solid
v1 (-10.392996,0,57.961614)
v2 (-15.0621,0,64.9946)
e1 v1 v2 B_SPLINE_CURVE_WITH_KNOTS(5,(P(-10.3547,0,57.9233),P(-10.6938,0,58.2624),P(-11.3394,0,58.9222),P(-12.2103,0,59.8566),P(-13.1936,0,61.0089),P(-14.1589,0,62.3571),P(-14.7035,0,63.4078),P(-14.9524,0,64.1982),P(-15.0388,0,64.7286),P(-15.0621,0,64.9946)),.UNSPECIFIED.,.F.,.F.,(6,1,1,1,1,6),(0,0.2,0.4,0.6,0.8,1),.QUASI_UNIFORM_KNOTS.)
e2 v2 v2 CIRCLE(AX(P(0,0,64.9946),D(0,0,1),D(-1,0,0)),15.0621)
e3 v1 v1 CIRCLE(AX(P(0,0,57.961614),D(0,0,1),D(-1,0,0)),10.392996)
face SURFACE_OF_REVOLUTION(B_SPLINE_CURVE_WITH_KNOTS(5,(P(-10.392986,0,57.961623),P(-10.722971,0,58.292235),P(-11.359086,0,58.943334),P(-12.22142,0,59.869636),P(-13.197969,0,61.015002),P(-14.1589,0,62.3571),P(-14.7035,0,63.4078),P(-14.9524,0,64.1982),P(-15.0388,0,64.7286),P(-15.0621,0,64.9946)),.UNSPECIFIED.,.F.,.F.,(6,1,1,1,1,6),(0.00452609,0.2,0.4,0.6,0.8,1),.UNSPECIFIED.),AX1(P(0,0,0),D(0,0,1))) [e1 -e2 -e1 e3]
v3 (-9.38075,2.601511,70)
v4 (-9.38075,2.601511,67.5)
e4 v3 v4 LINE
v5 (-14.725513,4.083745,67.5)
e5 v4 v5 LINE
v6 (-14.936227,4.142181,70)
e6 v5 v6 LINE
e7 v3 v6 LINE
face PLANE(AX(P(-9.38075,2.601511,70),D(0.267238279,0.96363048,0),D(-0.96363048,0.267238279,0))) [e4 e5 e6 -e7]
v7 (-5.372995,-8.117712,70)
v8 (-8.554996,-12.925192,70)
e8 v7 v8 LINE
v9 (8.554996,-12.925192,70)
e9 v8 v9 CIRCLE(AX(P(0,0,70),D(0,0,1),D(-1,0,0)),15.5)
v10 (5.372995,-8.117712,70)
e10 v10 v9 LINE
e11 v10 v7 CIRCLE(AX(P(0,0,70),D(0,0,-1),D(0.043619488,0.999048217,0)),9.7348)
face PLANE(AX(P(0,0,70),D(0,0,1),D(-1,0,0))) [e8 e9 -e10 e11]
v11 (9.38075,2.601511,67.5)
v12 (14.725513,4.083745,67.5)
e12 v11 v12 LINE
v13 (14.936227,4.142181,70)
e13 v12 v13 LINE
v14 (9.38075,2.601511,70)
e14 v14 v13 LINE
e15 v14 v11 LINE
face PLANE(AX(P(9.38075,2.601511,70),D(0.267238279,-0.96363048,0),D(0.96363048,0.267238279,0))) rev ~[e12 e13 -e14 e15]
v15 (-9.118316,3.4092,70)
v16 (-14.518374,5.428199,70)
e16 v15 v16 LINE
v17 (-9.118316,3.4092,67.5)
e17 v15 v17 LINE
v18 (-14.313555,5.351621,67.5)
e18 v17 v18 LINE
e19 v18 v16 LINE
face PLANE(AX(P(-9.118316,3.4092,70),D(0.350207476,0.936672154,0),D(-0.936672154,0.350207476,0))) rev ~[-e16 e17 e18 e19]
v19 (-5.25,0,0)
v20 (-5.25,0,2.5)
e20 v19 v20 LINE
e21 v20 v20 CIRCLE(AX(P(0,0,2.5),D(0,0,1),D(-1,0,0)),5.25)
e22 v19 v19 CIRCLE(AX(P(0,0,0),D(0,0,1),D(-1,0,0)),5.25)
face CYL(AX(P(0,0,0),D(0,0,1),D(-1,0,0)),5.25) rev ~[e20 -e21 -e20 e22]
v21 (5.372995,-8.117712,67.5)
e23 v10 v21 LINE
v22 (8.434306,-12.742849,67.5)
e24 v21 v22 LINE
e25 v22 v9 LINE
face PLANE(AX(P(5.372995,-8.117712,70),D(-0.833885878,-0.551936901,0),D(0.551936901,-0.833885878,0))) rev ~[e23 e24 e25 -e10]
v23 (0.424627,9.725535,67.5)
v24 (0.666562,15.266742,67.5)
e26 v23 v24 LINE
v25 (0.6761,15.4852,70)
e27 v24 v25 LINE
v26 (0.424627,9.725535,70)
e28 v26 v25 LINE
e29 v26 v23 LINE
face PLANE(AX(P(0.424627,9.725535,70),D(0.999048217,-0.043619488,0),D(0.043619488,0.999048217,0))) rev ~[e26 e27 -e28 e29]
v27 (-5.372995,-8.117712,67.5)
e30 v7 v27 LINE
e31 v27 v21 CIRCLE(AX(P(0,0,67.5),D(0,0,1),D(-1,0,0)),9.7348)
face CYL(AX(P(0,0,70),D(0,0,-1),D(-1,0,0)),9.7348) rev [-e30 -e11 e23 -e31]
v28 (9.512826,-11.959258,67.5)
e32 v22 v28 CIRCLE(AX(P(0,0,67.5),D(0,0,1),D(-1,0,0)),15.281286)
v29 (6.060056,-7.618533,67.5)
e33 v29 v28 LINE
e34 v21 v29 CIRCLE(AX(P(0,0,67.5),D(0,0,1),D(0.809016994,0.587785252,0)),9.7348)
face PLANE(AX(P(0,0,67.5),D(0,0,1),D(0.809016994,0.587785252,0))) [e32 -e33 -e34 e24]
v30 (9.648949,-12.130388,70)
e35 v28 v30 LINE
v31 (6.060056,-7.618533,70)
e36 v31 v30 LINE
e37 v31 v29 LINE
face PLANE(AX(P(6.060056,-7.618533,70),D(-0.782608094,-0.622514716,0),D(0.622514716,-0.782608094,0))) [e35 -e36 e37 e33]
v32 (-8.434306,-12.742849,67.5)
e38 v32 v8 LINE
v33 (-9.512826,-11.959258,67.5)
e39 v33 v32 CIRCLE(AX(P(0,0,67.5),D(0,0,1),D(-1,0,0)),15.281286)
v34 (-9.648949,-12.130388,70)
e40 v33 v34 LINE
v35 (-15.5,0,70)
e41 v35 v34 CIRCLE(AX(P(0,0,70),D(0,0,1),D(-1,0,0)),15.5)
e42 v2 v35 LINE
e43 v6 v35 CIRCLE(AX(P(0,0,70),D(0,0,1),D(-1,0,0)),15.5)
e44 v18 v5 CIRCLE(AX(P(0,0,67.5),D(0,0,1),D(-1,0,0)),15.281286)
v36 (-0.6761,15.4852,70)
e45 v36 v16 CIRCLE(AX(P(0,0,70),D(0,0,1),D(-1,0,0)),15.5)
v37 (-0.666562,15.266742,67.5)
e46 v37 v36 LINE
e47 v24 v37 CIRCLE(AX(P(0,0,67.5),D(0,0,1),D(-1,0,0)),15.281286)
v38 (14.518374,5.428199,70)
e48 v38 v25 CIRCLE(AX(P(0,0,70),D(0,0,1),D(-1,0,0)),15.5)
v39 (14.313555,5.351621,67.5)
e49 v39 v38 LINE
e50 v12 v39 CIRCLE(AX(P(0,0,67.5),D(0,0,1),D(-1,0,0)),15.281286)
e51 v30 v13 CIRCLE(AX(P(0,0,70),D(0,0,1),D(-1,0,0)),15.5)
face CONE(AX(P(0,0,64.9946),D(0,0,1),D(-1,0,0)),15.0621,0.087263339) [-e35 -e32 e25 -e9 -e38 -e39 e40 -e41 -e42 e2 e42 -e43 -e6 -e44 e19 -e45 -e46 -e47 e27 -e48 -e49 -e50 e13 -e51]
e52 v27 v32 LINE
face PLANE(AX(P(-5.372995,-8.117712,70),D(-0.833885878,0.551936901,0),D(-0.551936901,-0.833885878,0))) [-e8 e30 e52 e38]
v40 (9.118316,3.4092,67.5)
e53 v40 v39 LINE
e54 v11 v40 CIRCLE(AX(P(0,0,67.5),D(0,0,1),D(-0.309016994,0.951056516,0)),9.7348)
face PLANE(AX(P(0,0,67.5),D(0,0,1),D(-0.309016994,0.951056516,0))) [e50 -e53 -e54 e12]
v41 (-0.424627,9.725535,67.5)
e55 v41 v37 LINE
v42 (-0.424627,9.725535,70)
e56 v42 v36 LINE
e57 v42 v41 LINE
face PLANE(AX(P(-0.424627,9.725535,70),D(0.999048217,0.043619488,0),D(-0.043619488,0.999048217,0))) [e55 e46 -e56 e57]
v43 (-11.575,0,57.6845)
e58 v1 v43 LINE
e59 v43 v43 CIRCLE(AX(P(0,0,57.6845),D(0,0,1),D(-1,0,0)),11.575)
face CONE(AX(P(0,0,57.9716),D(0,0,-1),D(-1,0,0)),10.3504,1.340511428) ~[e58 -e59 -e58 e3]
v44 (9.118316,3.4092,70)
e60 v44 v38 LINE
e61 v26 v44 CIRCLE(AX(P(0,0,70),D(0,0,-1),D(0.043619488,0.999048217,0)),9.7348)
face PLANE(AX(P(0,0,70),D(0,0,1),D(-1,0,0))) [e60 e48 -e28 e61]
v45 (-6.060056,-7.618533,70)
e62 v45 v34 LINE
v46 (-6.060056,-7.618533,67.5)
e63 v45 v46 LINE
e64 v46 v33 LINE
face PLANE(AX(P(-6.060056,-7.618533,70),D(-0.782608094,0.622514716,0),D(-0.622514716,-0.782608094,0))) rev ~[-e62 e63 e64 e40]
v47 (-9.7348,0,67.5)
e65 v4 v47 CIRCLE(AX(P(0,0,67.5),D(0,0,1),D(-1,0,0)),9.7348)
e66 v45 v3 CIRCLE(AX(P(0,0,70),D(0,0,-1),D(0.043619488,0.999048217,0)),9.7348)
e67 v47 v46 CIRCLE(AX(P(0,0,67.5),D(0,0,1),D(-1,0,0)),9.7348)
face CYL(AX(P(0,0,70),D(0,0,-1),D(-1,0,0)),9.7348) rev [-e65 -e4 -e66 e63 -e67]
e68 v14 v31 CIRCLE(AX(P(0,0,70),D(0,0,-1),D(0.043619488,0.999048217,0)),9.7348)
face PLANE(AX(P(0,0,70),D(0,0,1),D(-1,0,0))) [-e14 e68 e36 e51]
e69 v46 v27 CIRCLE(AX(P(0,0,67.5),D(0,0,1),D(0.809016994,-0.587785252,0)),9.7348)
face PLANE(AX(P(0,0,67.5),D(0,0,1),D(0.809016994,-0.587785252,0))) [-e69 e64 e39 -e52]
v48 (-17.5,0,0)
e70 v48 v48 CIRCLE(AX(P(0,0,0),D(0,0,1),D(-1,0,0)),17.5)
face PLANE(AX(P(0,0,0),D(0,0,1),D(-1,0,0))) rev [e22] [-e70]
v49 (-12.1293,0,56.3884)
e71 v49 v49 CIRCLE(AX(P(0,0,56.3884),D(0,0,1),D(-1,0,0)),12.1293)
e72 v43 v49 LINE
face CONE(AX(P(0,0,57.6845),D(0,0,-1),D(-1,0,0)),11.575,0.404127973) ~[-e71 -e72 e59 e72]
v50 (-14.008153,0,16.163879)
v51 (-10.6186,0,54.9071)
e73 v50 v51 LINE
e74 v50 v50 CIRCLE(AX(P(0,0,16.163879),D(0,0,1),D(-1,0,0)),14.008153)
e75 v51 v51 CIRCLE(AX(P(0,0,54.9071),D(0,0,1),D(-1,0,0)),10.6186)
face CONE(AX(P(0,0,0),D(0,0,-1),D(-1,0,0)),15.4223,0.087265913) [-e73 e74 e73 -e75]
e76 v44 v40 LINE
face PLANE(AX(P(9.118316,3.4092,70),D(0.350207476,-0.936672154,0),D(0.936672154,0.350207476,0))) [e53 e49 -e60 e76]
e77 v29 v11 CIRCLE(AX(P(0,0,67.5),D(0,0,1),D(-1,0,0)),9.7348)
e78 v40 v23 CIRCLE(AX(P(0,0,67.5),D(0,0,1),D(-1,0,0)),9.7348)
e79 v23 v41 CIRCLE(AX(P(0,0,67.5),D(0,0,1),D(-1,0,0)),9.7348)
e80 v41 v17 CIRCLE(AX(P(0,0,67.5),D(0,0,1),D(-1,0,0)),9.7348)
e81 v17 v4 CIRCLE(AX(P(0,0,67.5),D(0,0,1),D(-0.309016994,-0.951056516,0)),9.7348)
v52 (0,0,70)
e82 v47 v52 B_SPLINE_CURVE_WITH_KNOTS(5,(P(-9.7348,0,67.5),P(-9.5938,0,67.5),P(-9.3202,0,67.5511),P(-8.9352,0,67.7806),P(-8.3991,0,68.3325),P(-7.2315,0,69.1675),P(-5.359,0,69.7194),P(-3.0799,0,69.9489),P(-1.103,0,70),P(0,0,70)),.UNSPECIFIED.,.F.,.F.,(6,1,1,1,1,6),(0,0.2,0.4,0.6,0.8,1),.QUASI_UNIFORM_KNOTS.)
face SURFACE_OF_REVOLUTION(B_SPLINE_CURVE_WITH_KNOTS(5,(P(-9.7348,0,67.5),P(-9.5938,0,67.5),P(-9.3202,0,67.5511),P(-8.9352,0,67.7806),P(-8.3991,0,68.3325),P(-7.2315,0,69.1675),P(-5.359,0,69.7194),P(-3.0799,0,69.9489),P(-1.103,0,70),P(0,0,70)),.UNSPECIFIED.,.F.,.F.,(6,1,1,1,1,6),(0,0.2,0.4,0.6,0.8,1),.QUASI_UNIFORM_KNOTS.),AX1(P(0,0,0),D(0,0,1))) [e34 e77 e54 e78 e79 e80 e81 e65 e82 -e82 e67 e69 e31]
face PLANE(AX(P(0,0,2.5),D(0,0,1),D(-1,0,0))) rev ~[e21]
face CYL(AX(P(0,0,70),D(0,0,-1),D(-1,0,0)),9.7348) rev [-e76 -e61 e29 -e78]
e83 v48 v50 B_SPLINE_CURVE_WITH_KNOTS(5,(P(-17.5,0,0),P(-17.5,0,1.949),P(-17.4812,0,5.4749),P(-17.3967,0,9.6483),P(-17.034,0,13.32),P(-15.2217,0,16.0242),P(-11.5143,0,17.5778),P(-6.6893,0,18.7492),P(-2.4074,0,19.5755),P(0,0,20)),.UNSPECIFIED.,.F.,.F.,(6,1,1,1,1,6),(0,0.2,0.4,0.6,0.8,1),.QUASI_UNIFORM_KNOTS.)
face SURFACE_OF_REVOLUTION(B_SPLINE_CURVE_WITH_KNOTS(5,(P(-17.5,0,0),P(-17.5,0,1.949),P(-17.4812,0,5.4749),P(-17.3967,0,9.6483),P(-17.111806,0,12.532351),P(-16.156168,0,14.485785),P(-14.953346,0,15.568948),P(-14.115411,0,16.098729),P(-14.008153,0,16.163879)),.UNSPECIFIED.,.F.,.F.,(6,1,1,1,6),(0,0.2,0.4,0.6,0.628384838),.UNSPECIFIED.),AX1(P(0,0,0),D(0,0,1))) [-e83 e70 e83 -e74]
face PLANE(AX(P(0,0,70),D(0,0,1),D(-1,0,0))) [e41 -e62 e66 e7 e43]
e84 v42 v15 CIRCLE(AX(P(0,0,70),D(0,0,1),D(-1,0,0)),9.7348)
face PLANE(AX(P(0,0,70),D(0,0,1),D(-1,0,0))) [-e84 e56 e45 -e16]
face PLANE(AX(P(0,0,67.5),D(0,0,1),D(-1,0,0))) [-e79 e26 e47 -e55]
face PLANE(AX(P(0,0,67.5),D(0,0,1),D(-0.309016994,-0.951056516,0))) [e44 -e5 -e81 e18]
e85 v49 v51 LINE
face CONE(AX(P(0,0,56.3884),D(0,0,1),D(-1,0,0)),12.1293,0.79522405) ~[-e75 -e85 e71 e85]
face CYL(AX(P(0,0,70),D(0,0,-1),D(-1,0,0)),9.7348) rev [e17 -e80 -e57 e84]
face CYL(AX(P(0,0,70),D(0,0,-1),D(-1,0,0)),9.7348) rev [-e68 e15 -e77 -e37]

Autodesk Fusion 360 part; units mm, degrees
sketch "Sketch1" plane through (0, 0, 0) normal (0, 1, 0) x (1, 0, 0)
  line L0 (0, 0) -> (0, -70)
  line L1 (0, 0) -> (-17.5, 0)
  spline S0 degree 5 poles (-17.5, 0) (-17.5, -1.949) (-17.4812, -5.4749) (-17.3967, -9.6483) (-17.034, -13.32) (-15.2217, -16.0242) (-11.5143, -17.5778) (-6.6893, -18.7492) (-2.4074, -19.5755) (0, -20) knots 0 0 0 0 0 0 0.2 0.4 0.6 0.8 1 1 1 1 1 1
  line L2 (-5, -19.1184) -> (5, -20.8816)
  line L3 (-17.5, 4) -> (-17.5, -4)
  line L4 (-15.4223, 0) -> (-10.3547, -57.9233)
  spline S1 degree 5 poles (-10.3547, -57.9233) (-10.6938, -58.2624) (-11.3394, -58.9222) (-12.2103, -59.8566) (-13.1936, -61.0089) (-14.1589, -62.3571) (-14.7035, -63.4078) (-14.9524, -64.1982) (-15.0388, -64.7286) (-15.0621, -64.9946) knots 0 0 0 0 0 0 0.2 0.4 0.6 0.8 1 1 1 1 1 1
  line L5 (-15.0621, -64.9946) -> (-15.5, -70)
  line L6 (-14.9783, -64.0369) -> (-15.1459, -65.9522)
  line L7 (-17.5, -70) -> (0, -70) construction
  line L8 (-15.5, -70) -> (-9.7348, -70)
  line L9 (-9.7348, -70) -> (-9.7348, -67.5)
  line L10 (-9.0716, -56.6402) -> (-11.6378, -59.2064)
  line L11 (-17.5, 0) -> (-17.5, -70) construction
  spline S2 degree 5 poles (-9.7348, -67.5) (-9.5938, -67.5) (-9.3202, -67.5511) (-8.9352, -67.7806) (-8.3991, -68.3325) (-7.2315, -69.1675) (-5.359, -69.7194) (-3.0799, -69.9489) (-1.103, -70) (0, -70) knots 0 0 0 0 0 0 0.2 0.4 0.6 0.8 1 1 1 1 1 1
  line L12 (-10.1589, -67.5) -> (-9.3107, -67.5)
  line L13 (-3.3162, -70) -> (3.3162, -70)
  line L14 (-10.3504, -57.9716) -> (-11.575, -57.6845)
  line L15 (-12.1293, -56.3884) -> (-10.6186, -54.9071)
  line L16 (-11.575, -57.6845) -> (-12.1293, -56.3884)
  line L17 (-5.25, 0) -> (-5.25, -2.5)
  line L18 (-5.25, -2.5) -> (0, -2.5)
  dimension "d1" = 70
  dimension "d2" = 17.5
  dimension "d3" = 5
  dimension "d4" = 45
  dimension "d5" = 5
  dimension "d6" = 10
  dimension "d14" = 2.5
  dimension "d15" = 2
  dimension "d16" = 2.5
  dimension "d17" = 5.25
revolve "Revolve1" add sketch "Sketch1" angle 360 about axis through (0, 0, 0) along (0, 0, 1) contours L0 L1 S0 L4 L17 L18 | L0 S0 L4 S1 L5 L6 L8 L9 L10 S2 | L1 S0 L4 | L4 S1 L10 L14 L15 L16
sketch "Sketch3" plane through (0, 0, 70) normal (0, 0, 1) x (-1, 0, 0)
  circle A0 centre (0, 0) radius 9.7348
  circle A1 centre (0, 0) radius 15.5
  line L0 (0, 0) -> (0.6761, -15.4852)
  line L1 (0, 0) -> (-0.6761, -15.4852)
  line L2 (0, 0) -> (0, -15.5) construction
  dimension "d8" = 5
  dimension "d9" = 2.5
extrude "Extrude1" cut sketch "Sketch3" against normal up to surface (2.5 mm away) contours A0 A1 L0 L1 picked at (0.4421, -13.5697)
pattern_circular "C-Pattern1" count 5 over 360 about axis through (0, 0, 1.75) along (0, 0, 1) of "Extrude1"
equation "d2 = 3.5 cm / 2"
